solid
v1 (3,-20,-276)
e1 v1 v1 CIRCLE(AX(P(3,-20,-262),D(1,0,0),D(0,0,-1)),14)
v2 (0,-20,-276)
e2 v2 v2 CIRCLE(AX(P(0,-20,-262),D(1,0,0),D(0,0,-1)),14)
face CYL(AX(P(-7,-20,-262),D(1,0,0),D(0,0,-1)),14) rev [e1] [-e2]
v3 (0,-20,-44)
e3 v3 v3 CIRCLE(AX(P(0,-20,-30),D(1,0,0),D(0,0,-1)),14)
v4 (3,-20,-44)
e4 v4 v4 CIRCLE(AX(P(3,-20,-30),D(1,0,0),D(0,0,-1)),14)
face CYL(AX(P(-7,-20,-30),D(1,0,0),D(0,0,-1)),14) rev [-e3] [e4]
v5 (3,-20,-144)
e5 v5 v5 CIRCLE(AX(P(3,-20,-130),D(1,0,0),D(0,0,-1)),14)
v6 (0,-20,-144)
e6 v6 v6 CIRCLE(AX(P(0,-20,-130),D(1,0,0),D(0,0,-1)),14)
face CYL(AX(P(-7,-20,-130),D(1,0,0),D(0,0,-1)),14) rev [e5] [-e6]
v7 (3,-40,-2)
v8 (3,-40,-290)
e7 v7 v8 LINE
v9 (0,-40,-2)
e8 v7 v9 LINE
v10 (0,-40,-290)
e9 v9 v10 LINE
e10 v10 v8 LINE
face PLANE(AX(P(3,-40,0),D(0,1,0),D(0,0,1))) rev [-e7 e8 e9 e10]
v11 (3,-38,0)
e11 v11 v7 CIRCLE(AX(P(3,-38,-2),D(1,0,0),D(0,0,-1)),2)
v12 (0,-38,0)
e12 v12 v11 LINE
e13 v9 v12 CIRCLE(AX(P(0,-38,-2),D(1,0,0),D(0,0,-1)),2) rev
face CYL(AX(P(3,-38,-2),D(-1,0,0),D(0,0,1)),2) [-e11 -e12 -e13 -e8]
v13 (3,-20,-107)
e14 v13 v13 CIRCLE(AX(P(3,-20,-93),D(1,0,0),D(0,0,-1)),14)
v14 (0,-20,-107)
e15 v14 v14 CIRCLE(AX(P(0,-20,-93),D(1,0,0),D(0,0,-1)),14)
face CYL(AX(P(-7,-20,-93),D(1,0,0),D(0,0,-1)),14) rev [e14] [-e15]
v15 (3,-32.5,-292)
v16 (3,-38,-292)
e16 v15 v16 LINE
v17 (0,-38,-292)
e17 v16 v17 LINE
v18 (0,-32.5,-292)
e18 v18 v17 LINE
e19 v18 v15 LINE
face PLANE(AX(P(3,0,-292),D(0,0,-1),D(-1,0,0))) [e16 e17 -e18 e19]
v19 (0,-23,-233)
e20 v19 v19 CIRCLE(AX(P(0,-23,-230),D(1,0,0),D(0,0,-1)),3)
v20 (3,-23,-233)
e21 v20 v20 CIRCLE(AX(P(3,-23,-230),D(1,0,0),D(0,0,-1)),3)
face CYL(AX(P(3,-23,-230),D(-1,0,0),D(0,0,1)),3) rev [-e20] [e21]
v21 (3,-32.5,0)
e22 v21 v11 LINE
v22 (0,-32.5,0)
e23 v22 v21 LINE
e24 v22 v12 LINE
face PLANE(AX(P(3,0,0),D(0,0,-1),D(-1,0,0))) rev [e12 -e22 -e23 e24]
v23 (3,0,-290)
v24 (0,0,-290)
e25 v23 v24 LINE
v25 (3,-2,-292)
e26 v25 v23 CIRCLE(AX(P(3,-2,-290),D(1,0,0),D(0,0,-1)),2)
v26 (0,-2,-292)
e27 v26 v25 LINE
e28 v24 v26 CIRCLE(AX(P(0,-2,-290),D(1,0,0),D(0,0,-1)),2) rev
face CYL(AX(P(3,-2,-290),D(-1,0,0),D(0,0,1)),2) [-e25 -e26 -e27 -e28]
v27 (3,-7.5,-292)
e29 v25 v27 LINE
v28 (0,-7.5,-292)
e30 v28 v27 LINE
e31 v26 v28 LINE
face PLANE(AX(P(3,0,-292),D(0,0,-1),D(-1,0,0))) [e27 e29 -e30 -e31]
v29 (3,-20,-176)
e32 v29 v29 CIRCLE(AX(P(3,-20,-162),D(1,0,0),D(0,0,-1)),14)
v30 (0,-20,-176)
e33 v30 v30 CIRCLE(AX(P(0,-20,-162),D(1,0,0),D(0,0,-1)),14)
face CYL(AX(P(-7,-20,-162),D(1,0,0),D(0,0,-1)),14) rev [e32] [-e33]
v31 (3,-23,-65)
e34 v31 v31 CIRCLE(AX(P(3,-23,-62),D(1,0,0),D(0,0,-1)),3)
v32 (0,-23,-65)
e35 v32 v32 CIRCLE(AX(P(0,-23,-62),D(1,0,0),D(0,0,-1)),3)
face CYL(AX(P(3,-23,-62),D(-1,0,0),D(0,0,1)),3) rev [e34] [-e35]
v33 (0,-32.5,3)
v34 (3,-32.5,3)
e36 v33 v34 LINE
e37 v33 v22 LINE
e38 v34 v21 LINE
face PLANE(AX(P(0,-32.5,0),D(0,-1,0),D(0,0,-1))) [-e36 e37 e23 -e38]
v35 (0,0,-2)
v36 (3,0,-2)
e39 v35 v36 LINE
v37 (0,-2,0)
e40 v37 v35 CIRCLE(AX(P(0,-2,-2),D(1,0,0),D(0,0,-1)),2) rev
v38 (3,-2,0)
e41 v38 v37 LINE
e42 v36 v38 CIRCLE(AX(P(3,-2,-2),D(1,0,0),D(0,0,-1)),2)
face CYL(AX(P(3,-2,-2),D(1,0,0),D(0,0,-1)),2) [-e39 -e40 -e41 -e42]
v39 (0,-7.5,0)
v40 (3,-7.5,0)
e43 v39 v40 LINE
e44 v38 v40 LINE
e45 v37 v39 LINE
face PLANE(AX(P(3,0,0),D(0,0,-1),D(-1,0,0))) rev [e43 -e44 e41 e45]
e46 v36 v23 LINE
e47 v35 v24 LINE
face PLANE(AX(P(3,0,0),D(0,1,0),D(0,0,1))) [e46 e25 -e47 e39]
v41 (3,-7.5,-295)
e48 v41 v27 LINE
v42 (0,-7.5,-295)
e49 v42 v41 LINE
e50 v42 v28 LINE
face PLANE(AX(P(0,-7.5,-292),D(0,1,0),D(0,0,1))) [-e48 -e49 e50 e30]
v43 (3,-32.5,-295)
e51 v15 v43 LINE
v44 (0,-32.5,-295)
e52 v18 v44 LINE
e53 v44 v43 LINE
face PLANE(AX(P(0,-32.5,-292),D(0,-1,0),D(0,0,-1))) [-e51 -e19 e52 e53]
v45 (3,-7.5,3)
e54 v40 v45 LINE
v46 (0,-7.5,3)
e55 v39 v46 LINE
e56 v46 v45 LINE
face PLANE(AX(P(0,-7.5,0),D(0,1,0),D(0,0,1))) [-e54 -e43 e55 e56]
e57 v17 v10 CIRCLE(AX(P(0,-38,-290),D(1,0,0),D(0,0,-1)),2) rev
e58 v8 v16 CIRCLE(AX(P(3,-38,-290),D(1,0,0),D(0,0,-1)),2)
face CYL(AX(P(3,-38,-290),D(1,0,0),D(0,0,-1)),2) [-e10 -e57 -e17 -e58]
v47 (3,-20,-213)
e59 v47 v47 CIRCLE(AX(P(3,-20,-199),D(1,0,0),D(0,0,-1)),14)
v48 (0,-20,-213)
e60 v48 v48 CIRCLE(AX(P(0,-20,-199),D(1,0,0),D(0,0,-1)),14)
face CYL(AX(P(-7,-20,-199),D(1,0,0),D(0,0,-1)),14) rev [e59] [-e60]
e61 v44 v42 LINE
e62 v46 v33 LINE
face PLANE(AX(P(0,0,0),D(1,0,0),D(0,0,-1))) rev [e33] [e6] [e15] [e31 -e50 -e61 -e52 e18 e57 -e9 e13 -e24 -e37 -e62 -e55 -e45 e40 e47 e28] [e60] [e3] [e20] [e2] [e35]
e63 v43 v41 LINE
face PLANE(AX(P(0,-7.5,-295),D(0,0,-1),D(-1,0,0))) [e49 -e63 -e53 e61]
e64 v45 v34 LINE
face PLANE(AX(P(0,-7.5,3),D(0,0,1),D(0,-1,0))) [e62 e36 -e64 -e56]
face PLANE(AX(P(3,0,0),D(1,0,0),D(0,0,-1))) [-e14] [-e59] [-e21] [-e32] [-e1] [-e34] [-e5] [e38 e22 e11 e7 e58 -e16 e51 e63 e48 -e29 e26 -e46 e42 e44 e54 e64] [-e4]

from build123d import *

# Parameters (mm, degrees)
SKETCH3_W           = 292
SKETCH3_H           = 40
SKETCH3_R           = 3
BOSS_EXTRUDE2_DEPTH = 3
FILLET1_R           = 2
SKETCH4_R           = 14
CUT_EXTRUDE1_DEPTH  = 10
SKETCH5_W           = 3
SKETCH5_H           = 25
BOSS_EXTRUDE3_DEPTH = 3


with BuildPart() as part:
    # Sketch3 → Boss-Extrude2 (new body)
    with BuildSketch(Plane(origin=(0, 0, 0), x_dir=(0, 0, -1), z_dir=(1, 0, 0))):
        with Locations((146, -20)):
            Rectangle(SKETCH3_W, SKETCH3_H)
        with Locations((62, -23)):
            Circle(SKETCH3_R, mode=Mode.SUBTRACT)
        with Locations((230, -23)):
            Circle(SKETCH3_R, mode=Mode.SUBTRACT)
    extrude(amount=BOSS_EXTRUDE2_DEPTH)

    # Fillet1
    fillet1_edges = [part.edges().sort_by_distance(p)[0] for p in [
        (1.5, -40, -292),
        (1.5, -40, 0),
        (1.5, 0, 0),
        (1.5, 0, -292),
    ]]
    fillet(fillet1_edges, radius=FILLET1_R)

    # Sketch4 → Cut-Extrude1 (cut)
    with BuildSketch(Plane(origin=(3, 0, 0), x_dir=(0, 0, -1), z_dir=(1, 0, 0))):
        with Locations((30, -20)):
            Circle(SKETCH4_R)
        with Locations((93, -20)):
            Circle(SKETCH4_R)
        with Locations((130, -20)):
            Circle(SKETCH4_R)
        with Locations((162, -20)):
            Circle(SKETCH4_R)
        with Locations((199, -20)):
            Circle(SKETCH4_R)
        with Locations((262, -20)):
            Circle(SKETCH4_R)
    extrude(amount=-CUT_EXTRUDE1_DEPTH, mode=Mode.SUBTRACT)

    # Sketch5 → Boss-Extrude3 (add)
    with BuildSketch(Plane(origin=(3, 0, 0), x_dir=(0, 0, -1), z_dir=(1, 0, 0))):
        with Locations((-1.5, -20)):
            Rectangle(SKETCH5_W, SKETCH5_H)
        with Locations((293.5, -20)):
            Rectangle(SKETCH5_W, SKETCH5_H)
    extrude(amount=-BOSS_EXTRUDE3_DEPTH)


solid = part.part
